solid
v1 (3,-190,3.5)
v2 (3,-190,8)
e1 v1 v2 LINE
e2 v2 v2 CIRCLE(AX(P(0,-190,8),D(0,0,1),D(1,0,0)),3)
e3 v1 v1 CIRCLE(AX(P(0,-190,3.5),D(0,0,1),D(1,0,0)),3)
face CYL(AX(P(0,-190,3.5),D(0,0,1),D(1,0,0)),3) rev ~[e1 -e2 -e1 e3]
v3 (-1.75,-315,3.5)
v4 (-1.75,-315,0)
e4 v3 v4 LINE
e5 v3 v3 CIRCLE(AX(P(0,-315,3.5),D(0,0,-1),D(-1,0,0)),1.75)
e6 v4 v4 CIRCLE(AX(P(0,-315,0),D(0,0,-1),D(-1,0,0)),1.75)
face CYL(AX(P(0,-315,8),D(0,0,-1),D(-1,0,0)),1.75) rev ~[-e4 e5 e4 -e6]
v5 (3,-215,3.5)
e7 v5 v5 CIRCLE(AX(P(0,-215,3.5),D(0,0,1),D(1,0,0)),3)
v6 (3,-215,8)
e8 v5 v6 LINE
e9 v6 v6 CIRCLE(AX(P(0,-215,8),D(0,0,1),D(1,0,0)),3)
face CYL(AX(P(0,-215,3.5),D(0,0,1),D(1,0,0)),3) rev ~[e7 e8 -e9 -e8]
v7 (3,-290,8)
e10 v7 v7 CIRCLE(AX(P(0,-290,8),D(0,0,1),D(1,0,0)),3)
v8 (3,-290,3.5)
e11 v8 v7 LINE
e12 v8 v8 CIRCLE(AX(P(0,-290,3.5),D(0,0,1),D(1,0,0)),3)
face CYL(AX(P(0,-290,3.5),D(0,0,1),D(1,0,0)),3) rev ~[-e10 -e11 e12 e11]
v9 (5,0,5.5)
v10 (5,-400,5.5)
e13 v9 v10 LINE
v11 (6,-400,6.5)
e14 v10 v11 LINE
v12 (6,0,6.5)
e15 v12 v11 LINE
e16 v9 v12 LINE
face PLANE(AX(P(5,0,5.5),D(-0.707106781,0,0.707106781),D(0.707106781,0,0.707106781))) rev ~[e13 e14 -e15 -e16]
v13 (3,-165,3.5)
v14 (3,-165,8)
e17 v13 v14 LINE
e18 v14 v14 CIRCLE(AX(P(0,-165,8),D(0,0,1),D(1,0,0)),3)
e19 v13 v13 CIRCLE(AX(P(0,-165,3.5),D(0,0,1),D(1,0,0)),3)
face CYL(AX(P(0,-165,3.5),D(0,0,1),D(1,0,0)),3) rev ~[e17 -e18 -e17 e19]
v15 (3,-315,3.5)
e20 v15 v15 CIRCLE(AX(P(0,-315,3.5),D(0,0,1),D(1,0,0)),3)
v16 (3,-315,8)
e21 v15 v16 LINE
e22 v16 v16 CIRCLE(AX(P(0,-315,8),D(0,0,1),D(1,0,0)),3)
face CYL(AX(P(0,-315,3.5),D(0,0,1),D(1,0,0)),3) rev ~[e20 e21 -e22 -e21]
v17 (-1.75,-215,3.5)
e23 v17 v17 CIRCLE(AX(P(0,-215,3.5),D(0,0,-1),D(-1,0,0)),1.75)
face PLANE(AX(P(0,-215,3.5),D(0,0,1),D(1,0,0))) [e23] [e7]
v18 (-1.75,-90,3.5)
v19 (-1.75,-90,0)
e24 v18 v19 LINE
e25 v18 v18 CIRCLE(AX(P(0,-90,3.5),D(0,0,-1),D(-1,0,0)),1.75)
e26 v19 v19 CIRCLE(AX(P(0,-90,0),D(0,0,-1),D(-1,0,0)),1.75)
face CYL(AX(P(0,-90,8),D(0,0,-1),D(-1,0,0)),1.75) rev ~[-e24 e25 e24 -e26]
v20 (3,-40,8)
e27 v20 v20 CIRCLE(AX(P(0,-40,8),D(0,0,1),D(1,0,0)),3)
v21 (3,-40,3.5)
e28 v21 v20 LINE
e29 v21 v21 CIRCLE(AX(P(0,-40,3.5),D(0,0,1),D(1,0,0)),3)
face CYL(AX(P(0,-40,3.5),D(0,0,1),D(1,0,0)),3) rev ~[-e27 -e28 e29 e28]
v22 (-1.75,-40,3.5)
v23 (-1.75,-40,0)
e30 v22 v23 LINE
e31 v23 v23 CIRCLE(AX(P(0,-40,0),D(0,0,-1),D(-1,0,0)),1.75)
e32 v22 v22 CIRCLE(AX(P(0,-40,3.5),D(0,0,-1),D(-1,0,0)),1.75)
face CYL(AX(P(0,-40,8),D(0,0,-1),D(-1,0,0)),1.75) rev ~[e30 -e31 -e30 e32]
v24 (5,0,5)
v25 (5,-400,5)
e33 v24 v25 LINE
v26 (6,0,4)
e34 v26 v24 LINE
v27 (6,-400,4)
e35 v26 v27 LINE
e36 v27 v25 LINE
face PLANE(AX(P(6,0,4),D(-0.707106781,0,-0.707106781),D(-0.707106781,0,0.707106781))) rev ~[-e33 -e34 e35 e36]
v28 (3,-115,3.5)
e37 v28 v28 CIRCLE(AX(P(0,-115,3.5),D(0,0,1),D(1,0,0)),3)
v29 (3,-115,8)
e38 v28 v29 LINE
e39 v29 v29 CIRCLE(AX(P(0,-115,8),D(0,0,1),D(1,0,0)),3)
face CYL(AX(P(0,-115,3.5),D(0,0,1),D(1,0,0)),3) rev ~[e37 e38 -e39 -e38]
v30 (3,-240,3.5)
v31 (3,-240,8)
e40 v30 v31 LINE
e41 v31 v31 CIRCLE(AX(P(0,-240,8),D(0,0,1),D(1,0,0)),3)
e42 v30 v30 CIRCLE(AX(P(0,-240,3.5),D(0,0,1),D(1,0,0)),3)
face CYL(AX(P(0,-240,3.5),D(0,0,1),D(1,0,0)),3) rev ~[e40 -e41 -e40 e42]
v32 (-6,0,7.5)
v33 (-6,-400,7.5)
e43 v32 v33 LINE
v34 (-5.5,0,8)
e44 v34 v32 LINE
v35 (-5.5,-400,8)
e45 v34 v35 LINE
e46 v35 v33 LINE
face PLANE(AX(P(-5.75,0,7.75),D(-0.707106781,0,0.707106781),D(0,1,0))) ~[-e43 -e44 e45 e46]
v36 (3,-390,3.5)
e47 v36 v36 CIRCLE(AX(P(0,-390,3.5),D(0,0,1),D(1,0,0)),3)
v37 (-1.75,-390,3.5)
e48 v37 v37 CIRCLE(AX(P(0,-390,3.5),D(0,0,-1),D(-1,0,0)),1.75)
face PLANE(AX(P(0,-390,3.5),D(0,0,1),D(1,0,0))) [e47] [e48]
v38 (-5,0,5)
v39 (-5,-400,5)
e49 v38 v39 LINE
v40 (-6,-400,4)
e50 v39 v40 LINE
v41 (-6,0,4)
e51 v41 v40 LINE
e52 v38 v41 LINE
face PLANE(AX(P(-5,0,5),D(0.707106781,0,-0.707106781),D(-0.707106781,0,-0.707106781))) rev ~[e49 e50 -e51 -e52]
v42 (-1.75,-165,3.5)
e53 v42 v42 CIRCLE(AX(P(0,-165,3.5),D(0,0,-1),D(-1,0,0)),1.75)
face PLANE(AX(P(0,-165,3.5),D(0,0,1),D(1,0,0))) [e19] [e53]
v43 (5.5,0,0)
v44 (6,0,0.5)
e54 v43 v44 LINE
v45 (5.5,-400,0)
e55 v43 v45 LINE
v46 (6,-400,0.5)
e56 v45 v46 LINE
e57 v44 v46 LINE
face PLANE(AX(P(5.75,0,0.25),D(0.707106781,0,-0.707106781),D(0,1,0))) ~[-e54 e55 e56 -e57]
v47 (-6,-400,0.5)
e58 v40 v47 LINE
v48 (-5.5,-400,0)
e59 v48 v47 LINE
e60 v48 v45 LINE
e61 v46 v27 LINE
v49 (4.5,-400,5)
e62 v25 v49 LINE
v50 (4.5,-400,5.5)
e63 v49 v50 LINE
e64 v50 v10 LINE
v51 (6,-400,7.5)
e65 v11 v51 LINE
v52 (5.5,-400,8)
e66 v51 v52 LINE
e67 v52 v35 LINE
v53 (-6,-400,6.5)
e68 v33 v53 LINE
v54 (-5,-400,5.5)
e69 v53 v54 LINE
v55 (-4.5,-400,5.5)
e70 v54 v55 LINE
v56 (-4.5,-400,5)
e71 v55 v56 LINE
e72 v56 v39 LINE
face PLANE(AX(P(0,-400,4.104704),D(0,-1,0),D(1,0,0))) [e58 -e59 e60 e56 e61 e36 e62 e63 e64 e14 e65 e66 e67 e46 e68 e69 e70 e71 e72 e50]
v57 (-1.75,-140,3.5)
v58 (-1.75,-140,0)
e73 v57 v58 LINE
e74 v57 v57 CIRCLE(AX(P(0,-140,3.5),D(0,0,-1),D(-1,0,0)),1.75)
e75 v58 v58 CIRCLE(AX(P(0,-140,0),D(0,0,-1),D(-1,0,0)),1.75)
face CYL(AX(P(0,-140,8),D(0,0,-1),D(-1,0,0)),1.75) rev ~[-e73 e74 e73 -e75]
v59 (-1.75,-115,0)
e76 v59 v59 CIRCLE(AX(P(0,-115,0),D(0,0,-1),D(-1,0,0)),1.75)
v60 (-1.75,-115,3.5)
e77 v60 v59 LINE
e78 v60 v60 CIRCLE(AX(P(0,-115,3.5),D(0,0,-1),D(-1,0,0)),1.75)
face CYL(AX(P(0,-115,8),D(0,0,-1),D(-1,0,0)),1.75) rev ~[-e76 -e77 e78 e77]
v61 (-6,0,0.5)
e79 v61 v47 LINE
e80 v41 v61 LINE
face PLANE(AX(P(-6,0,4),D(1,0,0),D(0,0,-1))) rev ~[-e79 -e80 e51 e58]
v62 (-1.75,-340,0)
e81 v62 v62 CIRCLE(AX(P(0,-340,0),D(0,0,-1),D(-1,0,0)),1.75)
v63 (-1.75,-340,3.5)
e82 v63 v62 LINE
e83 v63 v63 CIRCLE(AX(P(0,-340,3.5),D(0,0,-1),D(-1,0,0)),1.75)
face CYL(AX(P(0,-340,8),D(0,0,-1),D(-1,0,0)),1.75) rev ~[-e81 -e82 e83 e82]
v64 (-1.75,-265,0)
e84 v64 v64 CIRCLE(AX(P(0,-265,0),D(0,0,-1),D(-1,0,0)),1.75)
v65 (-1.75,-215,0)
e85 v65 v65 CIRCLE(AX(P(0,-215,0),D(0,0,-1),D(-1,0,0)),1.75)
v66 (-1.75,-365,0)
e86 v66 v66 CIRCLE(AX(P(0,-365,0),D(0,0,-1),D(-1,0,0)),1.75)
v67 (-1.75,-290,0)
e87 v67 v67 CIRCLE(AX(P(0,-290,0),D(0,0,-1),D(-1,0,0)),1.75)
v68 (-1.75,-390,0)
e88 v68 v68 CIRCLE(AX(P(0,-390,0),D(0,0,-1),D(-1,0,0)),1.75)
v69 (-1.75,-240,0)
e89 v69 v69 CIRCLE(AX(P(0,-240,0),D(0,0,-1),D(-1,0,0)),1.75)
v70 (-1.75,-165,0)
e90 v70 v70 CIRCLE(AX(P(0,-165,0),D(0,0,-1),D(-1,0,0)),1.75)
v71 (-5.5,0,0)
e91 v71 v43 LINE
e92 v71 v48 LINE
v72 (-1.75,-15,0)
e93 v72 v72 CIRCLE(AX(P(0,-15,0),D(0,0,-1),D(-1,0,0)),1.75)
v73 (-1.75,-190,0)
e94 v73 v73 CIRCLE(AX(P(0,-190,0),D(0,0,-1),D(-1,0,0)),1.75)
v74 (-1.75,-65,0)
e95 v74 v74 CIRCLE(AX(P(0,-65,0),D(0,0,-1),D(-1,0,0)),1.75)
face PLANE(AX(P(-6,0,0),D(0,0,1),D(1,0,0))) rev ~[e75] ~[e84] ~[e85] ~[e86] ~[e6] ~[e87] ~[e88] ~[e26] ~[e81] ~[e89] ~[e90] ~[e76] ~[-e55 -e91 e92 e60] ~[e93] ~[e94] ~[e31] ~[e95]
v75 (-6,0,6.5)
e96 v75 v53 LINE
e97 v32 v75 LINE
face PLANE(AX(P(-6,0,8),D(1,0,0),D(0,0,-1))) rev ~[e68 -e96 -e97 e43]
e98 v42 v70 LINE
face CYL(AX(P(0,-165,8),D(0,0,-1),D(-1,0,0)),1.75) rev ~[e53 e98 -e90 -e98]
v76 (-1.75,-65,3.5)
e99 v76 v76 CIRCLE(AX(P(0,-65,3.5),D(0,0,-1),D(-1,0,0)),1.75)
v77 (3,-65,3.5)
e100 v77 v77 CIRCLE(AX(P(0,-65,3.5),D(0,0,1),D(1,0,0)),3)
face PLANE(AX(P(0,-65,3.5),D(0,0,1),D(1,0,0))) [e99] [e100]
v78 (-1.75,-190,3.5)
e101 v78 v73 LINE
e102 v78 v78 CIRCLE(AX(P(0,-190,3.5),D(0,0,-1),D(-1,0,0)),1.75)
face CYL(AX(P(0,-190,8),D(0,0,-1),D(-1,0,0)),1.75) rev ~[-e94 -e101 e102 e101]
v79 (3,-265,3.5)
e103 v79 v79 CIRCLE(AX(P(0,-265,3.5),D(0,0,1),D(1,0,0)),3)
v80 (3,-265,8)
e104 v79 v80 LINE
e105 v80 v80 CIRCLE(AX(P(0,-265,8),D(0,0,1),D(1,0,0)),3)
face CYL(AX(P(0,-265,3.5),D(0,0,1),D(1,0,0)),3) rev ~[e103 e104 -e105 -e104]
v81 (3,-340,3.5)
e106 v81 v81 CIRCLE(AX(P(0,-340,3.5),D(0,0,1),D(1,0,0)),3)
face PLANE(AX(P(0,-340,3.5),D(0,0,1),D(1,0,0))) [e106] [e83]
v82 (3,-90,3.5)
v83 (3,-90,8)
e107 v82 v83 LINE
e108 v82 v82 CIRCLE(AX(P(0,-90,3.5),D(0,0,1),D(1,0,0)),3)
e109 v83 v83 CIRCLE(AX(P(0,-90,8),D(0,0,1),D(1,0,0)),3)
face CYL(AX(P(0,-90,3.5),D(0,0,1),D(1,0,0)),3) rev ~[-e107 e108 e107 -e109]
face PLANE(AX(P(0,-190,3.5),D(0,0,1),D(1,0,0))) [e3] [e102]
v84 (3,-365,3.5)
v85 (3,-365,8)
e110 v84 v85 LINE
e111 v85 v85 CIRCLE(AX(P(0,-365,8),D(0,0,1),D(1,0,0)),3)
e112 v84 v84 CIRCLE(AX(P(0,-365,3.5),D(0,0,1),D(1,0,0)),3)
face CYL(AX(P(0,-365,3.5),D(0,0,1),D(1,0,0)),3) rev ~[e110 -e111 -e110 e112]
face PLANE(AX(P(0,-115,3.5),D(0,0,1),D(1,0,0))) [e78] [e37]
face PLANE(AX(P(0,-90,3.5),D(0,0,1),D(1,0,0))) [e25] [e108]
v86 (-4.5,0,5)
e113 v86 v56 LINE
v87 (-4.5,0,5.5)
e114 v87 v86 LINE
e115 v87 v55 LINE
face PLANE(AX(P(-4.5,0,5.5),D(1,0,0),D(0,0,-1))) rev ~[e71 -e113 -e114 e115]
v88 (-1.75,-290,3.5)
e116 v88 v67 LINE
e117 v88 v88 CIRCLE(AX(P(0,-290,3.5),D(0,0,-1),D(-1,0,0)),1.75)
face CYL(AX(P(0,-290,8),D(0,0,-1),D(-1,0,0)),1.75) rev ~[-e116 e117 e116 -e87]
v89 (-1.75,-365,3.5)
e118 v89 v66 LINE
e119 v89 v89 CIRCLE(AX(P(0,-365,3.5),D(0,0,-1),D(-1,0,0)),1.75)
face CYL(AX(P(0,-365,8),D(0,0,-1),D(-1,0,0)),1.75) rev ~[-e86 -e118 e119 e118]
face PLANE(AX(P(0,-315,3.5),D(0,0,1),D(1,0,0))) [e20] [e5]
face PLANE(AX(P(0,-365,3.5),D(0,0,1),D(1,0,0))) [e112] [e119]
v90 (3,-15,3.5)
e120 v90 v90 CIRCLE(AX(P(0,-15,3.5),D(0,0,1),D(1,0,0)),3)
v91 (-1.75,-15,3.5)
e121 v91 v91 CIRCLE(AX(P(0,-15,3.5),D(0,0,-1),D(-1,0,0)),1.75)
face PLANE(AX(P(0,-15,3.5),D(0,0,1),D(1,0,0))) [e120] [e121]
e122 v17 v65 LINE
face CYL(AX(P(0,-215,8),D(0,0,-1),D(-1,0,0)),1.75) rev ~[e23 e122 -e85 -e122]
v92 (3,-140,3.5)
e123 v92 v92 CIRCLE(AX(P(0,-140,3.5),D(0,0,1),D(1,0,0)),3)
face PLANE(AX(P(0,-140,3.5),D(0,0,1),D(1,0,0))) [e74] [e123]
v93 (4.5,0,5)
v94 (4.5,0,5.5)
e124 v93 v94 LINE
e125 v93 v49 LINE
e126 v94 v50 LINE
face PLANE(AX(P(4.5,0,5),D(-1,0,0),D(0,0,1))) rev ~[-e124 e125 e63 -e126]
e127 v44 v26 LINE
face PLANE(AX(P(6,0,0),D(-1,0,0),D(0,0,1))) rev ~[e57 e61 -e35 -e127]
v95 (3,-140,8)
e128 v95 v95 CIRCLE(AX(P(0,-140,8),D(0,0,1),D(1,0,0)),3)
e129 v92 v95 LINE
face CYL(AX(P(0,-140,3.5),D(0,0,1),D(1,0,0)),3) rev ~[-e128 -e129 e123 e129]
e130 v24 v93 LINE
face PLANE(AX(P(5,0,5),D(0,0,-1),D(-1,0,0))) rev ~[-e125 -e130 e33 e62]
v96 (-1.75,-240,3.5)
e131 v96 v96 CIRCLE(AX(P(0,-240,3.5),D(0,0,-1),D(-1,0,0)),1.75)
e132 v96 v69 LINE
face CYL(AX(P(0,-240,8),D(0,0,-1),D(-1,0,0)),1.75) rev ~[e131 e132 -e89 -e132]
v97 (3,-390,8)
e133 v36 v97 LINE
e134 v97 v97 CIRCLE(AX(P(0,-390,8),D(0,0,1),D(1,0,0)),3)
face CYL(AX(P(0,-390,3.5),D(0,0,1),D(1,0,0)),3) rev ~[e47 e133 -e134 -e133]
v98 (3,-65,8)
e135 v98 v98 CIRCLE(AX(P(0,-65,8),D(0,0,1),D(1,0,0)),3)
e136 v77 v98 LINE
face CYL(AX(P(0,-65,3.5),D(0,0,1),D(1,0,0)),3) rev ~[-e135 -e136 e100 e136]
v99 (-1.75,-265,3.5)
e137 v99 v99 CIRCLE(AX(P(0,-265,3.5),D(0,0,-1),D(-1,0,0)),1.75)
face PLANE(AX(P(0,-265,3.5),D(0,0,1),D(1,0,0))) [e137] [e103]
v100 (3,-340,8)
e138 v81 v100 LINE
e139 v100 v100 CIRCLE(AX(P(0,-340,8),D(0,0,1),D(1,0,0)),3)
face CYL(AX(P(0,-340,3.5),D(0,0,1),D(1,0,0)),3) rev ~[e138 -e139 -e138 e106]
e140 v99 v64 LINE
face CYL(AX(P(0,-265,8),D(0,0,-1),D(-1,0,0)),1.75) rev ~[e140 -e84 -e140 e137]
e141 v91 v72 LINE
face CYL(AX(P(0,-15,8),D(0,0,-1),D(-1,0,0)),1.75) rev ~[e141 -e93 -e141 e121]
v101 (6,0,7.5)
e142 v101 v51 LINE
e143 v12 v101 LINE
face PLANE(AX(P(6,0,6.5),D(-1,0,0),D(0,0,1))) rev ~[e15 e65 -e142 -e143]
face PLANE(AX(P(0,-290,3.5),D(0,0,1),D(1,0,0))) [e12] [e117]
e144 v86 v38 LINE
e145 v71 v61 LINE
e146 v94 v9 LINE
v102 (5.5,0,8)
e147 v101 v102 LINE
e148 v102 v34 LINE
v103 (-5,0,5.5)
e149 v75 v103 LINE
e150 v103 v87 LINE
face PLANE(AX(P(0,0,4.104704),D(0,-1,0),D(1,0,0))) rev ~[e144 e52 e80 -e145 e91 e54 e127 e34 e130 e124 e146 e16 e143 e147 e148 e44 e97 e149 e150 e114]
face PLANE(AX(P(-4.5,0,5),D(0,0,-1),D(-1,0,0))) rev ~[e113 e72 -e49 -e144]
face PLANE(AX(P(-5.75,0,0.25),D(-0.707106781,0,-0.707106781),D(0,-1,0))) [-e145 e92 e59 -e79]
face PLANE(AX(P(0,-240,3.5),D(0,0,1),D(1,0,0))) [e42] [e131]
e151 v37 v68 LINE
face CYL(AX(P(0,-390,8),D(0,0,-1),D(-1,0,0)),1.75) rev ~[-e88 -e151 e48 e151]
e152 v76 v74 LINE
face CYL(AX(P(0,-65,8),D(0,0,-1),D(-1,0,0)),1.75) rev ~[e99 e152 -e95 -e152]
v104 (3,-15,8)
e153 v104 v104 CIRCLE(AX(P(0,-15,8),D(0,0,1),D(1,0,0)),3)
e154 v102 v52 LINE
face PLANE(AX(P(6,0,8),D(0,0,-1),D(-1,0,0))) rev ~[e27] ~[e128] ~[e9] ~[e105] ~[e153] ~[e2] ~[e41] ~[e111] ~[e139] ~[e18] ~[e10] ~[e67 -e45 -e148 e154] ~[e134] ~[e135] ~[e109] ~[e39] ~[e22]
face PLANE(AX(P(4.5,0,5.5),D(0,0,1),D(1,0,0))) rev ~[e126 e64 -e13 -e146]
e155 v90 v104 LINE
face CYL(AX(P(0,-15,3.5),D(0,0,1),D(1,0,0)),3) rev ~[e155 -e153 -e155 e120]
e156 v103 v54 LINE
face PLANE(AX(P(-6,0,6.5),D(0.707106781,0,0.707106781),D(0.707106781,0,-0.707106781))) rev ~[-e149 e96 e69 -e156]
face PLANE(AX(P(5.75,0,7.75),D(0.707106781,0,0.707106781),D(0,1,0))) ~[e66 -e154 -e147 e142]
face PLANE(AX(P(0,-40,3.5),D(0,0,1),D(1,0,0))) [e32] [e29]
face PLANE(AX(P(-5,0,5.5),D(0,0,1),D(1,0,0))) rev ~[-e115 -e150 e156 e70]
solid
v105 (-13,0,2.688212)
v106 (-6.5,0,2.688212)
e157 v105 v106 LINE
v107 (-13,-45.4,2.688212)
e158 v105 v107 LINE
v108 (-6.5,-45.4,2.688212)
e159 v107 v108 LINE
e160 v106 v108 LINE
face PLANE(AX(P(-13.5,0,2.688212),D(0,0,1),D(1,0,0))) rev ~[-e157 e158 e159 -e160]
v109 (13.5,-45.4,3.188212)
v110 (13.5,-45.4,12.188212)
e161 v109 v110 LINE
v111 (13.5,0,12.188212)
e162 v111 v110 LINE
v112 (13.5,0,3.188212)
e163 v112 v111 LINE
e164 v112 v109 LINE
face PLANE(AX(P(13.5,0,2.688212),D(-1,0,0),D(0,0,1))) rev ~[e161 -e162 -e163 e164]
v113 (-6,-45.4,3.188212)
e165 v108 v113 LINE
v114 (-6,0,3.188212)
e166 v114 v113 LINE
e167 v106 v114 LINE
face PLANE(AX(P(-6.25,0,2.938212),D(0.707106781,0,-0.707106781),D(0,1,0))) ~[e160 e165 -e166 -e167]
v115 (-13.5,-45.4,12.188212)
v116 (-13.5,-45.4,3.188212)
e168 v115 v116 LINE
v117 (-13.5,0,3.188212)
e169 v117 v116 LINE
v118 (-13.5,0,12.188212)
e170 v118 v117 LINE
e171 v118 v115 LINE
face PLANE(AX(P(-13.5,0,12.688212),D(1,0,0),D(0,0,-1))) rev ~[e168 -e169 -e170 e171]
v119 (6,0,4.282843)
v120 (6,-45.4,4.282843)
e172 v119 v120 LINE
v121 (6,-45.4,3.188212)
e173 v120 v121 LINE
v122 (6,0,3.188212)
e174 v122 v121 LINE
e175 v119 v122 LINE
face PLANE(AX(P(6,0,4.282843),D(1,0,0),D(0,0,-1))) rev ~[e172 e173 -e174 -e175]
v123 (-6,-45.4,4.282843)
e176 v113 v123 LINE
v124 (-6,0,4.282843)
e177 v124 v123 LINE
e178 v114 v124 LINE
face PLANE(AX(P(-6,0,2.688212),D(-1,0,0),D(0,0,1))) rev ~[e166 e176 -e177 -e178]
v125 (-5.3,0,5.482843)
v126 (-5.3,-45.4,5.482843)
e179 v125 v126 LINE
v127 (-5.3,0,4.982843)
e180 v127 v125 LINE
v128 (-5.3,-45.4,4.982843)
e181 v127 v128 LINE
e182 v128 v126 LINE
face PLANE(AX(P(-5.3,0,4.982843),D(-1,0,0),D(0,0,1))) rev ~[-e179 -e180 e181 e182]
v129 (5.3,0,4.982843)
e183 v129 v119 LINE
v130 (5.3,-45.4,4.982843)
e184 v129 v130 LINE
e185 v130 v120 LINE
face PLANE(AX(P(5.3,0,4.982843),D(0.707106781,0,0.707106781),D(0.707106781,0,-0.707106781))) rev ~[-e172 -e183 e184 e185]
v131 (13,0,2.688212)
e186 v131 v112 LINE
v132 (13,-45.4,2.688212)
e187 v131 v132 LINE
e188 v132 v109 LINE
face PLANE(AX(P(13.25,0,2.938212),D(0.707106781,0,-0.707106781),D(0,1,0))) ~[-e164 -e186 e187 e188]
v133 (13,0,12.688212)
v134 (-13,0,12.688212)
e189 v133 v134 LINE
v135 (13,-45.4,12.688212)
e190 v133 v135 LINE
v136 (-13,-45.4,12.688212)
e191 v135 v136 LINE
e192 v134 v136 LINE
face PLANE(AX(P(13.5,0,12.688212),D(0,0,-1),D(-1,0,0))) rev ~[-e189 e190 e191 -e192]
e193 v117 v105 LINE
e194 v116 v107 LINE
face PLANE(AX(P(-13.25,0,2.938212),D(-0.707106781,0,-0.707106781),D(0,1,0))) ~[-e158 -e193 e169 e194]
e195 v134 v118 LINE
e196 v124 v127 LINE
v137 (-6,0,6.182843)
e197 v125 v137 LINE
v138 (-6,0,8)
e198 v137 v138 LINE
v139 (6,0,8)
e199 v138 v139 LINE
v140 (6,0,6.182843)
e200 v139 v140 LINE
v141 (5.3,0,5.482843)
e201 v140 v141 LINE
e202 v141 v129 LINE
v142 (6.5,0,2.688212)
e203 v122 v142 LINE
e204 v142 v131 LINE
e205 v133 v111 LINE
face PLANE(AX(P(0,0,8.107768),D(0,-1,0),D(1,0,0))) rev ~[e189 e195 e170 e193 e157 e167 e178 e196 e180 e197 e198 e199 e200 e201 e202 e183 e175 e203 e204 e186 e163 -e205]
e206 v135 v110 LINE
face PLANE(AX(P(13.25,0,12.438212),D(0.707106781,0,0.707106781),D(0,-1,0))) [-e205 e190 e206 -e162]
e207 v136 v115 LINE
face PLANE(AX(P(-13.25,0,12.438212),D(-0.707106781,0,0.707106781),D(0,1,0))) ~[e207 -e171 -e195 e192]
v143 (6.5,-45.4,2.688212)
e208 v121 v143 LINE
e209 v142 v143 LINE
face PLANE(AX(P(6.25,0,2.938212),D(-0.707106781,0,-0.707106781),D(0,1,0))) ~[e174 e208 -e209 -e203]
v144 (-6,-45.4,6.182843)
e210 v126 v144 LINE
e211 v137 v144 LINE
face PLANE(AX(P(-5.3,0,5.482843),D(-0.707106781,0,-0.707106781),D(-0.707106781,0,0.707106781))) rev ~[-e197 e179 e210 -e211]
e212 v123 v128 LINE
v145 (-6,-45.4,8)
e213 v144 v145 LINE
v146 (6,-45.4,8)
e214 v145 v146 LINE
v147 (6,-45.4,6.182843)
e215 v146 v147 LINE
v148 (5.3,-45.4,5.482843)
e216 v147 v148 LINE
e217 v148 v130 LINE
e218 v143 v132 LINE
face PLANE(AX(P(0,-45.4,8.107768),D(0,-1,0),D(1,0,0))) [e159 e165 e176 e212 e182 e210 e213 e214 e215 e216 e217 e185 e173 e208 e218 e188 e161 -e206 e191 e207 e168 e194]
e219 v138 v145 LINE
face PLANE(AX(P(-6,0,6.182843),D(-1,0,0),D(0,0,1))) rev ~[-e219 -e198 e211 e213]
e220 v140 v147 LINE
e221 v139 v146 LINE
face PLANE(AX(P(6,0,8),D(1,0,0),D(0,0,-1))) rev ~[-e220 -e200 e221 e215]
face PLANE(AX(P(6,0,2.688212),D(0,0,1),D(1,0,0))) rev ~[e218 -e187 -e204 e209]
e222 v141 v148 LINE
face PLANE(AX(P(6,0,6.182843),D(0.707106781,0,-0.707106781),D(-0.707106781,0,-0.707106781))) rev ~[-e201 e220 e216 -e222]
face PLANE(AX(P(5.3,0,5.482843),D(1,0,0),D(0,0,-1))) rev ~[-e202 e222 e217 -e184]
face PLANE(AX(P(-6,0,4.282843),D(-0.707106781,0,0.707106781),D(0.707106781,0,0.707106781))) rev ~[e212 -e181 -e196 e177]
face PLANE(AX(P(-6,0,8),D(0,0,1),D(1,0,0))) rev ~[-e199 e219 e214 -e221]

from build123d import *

# Parameters (mm, degrees)
F1_DEPTH       = 400
F2_SIZE        = 0.5
F4_D           = 3.5
F4_CBORE_D     = 6
F4_CBORE_DEPTH = 4.5
F6_DEPTH       = 45.4
F7_SIZE        = 0.5


with BuildPart() as f1:
    # F0 (on Front) → F1 (new body)
    with BuildSketch(Plane.XZ):
        Polygon((-6, 0), (0, 0), (6, 0), (6, 4), (5, 5), (4.5, 5), (4.5, 5.5), (5, 5.5), (6, 6.5), (6, 8), (0, 8), (-6, 8), (-6, 6.5), (-5, 5.5), (-4.5, 5.5), (-4.5, 5), (-5, 5), (-6, 4), align=None)
    extrude(amount=F1_DEPTH)

    # F2
    f2_edges = [f1.edges().sort_by_distance(p)[0] for p in [
        (6, -200, 8),
        (-6, -200, 8),
        (6, -200, 0),
        (-6, -200, 0),
    ]]
    chamfer(f2_edges, length=F2_SIZE)

    # F4 (through all)
    with Locations(Plane.XY.offset(8)):
        with Locations((0, -390), (0, -365), (0, -340), (0, -315), (0, -290), (0, -265), (0, -240), (0, -215), (0, -190), (0, -165), (0, -115), (0, -140), (0, -90), (0, -65), (0, -40), (0, -15)):
            CounterBoreHole(F4_D / 2, F4_CBORE_D / 2, F4_CBORE_DEPTH)


with BuildPart() as f6:
    # F5 (on Front) → F6 (new body)
    with BuildSketch(Plane.XZ):
        Polygon((13.5, 12.688212), (0, 12.688212), (-13.5, 12.688212), (-13.5, 2.688212), (-6, 2.688212), (-6, 4.282843), (-5.3, 4.982843), (-5.3, 5.482843), (-6, 6.182843), (-6, 8), (0, 8), (6, 8), (6, 6.182843), (5.3, 5.482843), (5.3, 4.982843), (6, 4.282843), (6, 2.688212), (13.5, 2.688212), align=None)
    extrude(amount=F6_DEPTH)

    # F7
    f7_edges = [f6.edges().sort_by_distance(p)[0] for p in [
        (13.5, -22.7, 2.688212),
        (13.5, -22.7, 12.688212),
        (-13.5, -22.7, 12.688212),
        (-13.5, -22.7, 2.688212),
        (-6, -22.7, 2.688212),
        (6, -22.7, 2.688212),
    ]]
    chamfer(f7_edges, length=F7_SIZE)


solid = Compound([f1.part, f6.part])
